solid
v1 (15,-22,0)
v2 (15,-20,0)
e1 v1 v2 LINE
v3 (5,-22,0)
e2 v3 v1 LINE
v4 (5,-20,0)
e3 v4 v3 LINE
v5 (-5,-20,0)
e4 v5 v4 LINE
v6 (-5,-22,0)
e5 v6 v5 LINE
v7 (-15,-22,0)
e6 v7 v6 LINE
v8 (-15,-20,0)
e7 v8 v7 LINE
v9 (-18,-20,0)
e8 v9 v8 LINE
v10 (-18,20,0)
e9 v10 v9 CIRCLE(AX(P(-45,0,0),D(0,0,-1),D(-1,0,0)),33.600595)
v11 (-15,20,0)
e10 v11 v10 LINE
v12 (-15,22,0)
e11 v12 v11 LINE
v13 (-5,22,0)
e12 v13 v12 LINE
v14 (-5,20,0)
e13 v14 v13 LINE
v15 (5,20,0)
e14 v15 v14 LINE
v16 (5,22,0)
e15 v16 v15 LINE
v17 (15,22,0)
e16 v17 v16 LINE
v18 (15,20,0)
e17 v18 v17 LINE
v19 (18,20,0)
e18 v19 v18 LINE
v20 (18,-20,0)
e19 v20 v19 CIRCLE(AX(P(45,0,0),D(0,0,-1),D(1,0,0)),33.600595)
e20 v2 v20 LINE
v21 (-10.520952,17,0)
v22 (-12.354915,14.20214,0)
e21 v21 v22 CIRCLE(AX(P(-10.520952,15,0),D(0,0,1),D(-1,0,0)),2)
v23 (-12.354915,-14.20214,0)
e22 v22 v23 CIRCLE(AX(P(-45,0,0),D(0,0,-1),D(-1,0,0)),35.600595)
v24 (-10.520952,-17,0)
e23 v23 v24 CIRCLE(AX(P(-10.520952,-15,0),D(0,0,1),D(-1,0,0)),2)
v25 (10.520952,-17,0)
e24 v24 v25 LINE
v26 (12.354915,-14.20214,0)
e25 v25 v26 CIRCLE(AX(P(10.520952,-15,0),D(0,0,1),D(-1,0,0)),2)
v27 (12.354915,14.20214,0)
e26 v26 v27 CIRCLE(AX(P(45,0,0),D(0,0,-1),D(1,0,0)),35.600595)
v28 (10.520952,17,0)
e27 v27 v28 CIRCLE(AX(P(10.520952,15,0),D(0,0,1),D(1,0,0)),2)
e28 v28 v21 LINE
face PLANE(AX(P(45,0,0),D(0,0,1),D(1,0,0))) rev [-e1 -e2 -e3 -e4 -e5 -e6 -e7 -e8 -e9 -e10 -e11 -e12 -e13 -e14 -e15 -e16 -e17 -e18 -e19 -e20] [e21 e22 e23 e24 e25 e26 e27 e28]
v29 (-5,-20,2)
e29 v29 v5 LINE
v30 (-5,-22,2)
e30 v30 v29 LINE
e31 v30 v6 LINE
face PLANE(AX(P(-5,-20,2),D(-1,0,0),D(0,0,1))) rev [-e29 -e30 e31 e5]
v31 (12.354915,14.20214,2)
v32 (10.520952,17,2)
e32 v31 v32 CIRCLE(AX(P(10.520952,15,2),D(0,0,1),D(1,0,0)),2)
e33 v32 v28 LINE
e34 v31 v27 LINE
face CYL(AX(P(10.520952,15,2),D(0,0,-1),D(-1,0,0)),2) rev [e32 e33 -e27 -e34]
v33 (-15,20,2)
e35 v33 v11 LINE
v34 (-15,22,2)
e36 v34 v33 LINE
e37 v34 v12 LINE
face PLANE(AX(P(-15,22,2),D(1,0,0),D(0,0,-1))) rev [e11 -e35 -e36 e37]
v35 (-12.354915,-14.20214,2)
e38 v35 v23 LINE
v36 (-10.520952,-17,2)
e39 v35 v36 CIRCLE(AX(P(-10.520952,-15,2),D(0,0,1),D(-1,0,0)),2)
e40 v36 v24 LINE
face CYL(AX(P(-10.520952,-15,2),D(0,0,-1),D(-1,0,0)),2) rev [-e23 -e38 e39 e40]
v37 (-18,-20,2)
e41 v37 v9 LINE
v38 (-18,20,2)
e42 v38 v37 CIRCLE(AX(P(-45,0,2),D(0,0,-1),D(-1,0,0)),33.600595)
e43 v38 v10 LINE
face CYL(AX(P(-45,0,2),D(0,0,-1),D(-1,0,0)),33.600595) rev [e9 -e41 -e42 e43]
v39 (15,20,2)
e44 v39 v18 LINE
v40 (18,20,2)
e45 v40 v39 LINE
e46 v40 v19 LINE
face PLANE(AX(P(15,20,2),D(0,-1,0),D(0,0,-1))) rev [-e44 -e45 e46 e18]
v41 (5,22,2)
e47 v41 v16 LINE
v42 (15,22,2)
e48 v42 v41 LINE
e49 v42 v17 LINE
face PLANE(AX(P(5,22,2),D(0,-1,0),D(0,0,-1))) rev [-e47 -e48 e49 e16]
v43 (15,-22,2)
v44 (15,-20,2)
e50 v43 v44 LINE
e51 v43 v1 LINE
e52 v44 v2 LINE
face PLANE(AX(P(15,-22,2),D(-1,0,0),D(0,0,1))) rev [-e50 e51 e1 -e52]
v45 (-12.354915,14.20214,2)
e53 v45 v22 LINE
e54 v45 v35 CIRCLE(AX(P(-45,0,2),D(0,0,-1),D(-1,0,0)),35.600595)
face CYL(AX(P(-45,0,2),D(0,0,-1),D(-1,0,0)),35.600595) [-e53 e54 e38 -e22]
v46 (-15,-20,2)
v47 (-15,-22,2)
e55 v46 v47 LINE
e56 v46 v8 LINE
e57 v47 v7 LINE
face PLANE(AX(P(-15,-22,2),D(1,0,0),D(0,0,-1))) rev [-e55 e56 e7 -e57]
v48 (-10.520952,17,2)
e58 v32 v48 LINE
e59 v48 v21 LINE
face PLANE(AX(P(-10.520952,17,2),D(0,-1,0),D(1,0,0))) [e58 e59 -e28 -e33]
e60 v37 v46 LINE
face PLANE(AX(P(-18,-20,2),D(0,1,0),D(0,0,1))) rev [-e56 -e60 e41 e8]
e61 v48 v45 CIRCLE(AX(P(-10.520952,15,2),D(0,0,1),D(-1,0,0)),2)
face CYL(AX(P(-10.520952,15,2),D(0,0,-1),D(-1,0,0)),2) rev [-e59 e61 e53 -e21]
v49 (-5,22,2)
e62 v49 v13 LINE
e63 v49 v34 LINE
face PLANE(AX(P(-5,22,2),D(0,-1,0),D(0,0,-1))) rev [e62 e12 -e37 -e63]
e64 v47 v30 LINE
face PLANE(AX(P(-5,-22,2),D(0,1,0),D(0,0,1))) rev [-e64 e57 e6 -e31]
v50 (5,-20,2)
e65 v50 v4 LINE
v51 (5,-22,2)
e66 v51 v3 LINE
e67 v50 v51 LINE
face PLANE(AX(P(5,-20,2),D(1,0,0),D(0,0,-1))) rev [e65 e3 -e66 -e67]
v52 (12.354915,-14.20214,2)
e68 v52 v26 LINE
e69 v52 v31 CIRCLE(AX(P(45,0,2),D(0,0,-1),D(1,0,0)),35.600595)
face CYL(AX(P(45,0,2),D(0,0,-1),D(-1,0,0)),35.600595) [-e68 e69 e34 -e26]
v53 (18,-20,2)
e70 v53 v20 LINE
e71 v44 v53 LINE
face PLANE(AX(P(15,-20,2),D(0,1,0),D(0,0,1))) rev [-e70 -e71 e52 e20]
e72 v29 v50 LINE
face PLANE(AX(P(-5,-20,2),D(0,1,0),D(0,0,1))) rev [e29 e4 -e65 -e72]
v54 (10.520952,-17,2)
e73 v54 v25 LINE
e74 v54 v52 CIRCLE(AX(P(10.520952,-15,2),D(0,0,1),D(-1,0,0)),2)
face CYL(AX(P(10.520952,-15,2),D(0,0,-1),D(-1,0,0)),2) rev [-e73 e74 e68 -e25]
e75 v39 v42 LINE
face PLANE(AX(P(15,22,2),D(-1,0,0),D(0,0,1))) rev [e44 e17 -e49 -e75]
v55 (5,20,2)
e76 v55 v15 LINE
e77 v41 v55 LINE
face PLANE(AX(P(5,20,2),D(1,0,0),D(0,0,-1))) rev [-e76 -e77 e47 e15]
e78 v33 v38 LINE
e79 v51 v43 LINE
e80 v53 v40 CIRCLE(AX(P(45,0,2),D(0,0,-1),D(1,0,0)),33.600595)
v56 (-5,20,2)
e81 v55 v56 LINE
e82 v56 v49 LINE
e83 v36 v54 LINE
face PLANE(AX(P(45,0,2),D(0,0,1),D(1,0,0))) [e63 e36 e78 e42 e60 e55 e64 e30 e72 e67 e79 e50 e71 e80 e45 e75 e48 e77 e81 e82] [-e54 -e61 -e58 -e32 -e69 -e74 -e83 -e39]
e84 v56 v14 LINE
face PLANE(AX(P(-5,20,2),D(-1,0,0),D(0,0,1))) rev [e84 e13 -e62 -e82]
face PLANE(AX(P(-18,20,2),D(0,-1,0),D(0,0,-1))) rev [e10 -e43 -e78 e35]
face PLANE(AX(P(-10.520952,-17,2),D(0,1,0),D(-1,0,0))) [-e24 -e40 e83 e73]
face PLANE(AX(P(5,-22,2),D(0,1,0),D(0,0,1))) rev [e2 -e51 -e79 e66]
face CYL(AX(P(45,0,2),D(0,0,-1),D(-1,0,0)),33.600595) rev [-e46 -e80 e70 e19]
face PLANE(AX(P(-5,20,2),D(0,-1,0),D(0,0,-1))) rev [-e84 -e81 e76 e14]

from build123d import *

# Parameters (mm, degrees)
BOSS_EXTRUDE1_DEPTH = 2


with BuildPart() as part:
    # Sketch1 → Boss-Extrude1 (new body)
    with BuildSketch(Plane.XY):
        with BuildLine():
            Line((-18, 20), (-15, 20))
            Line((-15, 20), (-15, 22))
            Line((-15, 22), (-5, 22))
            Line((-5, 22), (-5, 20))
            Line((-5, 20), (5, 20))
            Line((5, 20), (5, 22))
            Line((5, 22), (15, 22))
            Line((15, 22), (15, 20))
            Line((15, 20), (18, 20))
            ThreePointArc((18, 20), (11.399404767, 0), (18, -20))
            Line((18, -20), (15, -20))
            Line((15, -20), (15, -22))
            Line((15, -22), (5, -22))
            Line((5, -22), (5, -20))
            Line((5, -20), (-5, -20))
            Line((-5, -20), (-5, -22))
            Line((-5, -22), (-15, -22))
            Line((-15, -22), (-15, -20))
            Line((-15, -20), (-18, -20))
            ThreePointArc((-18, -20), (-11.399404767, 0), (-18, 20))
        make_face()
        with BuildLine():
            Line((-10.520951842, -17), (10.520951842, -17))
            ThreePointArc((10.520951842, -17), (12.193632239, -16.096421584), (12.354914733, -14.20214029))
            ThreePointArc((12.354914733, -14.20214029), (9.399404767, 0), (12.354914733, 14.20214029))
            ThreePointArc((12.354914733, 14.20214029), (12.193632239, 16.096421584), (10.520951842, 17))
            Line((10.520951842, 17), (-10.520951842, 17))
            ThreePointArc((-10.520951842, 17), (-12.193632239, 16.096421584), (-12.354914733, 14.20214029))
            ThreePointArc((-12.354914733, 14.20214029), (-9.399404767, 0), (-12.354914733, -14.20214029))
            ThreePointArc((-12.354914733, -14.20214029), (-12.193632239, -16.096421584), (-10.520951842, -17))
        make_face(mode=Mode.SUBTRACT)
    extrude(amount=BOSS_EXTRUDE1_DEPTH)


solid = part.part
